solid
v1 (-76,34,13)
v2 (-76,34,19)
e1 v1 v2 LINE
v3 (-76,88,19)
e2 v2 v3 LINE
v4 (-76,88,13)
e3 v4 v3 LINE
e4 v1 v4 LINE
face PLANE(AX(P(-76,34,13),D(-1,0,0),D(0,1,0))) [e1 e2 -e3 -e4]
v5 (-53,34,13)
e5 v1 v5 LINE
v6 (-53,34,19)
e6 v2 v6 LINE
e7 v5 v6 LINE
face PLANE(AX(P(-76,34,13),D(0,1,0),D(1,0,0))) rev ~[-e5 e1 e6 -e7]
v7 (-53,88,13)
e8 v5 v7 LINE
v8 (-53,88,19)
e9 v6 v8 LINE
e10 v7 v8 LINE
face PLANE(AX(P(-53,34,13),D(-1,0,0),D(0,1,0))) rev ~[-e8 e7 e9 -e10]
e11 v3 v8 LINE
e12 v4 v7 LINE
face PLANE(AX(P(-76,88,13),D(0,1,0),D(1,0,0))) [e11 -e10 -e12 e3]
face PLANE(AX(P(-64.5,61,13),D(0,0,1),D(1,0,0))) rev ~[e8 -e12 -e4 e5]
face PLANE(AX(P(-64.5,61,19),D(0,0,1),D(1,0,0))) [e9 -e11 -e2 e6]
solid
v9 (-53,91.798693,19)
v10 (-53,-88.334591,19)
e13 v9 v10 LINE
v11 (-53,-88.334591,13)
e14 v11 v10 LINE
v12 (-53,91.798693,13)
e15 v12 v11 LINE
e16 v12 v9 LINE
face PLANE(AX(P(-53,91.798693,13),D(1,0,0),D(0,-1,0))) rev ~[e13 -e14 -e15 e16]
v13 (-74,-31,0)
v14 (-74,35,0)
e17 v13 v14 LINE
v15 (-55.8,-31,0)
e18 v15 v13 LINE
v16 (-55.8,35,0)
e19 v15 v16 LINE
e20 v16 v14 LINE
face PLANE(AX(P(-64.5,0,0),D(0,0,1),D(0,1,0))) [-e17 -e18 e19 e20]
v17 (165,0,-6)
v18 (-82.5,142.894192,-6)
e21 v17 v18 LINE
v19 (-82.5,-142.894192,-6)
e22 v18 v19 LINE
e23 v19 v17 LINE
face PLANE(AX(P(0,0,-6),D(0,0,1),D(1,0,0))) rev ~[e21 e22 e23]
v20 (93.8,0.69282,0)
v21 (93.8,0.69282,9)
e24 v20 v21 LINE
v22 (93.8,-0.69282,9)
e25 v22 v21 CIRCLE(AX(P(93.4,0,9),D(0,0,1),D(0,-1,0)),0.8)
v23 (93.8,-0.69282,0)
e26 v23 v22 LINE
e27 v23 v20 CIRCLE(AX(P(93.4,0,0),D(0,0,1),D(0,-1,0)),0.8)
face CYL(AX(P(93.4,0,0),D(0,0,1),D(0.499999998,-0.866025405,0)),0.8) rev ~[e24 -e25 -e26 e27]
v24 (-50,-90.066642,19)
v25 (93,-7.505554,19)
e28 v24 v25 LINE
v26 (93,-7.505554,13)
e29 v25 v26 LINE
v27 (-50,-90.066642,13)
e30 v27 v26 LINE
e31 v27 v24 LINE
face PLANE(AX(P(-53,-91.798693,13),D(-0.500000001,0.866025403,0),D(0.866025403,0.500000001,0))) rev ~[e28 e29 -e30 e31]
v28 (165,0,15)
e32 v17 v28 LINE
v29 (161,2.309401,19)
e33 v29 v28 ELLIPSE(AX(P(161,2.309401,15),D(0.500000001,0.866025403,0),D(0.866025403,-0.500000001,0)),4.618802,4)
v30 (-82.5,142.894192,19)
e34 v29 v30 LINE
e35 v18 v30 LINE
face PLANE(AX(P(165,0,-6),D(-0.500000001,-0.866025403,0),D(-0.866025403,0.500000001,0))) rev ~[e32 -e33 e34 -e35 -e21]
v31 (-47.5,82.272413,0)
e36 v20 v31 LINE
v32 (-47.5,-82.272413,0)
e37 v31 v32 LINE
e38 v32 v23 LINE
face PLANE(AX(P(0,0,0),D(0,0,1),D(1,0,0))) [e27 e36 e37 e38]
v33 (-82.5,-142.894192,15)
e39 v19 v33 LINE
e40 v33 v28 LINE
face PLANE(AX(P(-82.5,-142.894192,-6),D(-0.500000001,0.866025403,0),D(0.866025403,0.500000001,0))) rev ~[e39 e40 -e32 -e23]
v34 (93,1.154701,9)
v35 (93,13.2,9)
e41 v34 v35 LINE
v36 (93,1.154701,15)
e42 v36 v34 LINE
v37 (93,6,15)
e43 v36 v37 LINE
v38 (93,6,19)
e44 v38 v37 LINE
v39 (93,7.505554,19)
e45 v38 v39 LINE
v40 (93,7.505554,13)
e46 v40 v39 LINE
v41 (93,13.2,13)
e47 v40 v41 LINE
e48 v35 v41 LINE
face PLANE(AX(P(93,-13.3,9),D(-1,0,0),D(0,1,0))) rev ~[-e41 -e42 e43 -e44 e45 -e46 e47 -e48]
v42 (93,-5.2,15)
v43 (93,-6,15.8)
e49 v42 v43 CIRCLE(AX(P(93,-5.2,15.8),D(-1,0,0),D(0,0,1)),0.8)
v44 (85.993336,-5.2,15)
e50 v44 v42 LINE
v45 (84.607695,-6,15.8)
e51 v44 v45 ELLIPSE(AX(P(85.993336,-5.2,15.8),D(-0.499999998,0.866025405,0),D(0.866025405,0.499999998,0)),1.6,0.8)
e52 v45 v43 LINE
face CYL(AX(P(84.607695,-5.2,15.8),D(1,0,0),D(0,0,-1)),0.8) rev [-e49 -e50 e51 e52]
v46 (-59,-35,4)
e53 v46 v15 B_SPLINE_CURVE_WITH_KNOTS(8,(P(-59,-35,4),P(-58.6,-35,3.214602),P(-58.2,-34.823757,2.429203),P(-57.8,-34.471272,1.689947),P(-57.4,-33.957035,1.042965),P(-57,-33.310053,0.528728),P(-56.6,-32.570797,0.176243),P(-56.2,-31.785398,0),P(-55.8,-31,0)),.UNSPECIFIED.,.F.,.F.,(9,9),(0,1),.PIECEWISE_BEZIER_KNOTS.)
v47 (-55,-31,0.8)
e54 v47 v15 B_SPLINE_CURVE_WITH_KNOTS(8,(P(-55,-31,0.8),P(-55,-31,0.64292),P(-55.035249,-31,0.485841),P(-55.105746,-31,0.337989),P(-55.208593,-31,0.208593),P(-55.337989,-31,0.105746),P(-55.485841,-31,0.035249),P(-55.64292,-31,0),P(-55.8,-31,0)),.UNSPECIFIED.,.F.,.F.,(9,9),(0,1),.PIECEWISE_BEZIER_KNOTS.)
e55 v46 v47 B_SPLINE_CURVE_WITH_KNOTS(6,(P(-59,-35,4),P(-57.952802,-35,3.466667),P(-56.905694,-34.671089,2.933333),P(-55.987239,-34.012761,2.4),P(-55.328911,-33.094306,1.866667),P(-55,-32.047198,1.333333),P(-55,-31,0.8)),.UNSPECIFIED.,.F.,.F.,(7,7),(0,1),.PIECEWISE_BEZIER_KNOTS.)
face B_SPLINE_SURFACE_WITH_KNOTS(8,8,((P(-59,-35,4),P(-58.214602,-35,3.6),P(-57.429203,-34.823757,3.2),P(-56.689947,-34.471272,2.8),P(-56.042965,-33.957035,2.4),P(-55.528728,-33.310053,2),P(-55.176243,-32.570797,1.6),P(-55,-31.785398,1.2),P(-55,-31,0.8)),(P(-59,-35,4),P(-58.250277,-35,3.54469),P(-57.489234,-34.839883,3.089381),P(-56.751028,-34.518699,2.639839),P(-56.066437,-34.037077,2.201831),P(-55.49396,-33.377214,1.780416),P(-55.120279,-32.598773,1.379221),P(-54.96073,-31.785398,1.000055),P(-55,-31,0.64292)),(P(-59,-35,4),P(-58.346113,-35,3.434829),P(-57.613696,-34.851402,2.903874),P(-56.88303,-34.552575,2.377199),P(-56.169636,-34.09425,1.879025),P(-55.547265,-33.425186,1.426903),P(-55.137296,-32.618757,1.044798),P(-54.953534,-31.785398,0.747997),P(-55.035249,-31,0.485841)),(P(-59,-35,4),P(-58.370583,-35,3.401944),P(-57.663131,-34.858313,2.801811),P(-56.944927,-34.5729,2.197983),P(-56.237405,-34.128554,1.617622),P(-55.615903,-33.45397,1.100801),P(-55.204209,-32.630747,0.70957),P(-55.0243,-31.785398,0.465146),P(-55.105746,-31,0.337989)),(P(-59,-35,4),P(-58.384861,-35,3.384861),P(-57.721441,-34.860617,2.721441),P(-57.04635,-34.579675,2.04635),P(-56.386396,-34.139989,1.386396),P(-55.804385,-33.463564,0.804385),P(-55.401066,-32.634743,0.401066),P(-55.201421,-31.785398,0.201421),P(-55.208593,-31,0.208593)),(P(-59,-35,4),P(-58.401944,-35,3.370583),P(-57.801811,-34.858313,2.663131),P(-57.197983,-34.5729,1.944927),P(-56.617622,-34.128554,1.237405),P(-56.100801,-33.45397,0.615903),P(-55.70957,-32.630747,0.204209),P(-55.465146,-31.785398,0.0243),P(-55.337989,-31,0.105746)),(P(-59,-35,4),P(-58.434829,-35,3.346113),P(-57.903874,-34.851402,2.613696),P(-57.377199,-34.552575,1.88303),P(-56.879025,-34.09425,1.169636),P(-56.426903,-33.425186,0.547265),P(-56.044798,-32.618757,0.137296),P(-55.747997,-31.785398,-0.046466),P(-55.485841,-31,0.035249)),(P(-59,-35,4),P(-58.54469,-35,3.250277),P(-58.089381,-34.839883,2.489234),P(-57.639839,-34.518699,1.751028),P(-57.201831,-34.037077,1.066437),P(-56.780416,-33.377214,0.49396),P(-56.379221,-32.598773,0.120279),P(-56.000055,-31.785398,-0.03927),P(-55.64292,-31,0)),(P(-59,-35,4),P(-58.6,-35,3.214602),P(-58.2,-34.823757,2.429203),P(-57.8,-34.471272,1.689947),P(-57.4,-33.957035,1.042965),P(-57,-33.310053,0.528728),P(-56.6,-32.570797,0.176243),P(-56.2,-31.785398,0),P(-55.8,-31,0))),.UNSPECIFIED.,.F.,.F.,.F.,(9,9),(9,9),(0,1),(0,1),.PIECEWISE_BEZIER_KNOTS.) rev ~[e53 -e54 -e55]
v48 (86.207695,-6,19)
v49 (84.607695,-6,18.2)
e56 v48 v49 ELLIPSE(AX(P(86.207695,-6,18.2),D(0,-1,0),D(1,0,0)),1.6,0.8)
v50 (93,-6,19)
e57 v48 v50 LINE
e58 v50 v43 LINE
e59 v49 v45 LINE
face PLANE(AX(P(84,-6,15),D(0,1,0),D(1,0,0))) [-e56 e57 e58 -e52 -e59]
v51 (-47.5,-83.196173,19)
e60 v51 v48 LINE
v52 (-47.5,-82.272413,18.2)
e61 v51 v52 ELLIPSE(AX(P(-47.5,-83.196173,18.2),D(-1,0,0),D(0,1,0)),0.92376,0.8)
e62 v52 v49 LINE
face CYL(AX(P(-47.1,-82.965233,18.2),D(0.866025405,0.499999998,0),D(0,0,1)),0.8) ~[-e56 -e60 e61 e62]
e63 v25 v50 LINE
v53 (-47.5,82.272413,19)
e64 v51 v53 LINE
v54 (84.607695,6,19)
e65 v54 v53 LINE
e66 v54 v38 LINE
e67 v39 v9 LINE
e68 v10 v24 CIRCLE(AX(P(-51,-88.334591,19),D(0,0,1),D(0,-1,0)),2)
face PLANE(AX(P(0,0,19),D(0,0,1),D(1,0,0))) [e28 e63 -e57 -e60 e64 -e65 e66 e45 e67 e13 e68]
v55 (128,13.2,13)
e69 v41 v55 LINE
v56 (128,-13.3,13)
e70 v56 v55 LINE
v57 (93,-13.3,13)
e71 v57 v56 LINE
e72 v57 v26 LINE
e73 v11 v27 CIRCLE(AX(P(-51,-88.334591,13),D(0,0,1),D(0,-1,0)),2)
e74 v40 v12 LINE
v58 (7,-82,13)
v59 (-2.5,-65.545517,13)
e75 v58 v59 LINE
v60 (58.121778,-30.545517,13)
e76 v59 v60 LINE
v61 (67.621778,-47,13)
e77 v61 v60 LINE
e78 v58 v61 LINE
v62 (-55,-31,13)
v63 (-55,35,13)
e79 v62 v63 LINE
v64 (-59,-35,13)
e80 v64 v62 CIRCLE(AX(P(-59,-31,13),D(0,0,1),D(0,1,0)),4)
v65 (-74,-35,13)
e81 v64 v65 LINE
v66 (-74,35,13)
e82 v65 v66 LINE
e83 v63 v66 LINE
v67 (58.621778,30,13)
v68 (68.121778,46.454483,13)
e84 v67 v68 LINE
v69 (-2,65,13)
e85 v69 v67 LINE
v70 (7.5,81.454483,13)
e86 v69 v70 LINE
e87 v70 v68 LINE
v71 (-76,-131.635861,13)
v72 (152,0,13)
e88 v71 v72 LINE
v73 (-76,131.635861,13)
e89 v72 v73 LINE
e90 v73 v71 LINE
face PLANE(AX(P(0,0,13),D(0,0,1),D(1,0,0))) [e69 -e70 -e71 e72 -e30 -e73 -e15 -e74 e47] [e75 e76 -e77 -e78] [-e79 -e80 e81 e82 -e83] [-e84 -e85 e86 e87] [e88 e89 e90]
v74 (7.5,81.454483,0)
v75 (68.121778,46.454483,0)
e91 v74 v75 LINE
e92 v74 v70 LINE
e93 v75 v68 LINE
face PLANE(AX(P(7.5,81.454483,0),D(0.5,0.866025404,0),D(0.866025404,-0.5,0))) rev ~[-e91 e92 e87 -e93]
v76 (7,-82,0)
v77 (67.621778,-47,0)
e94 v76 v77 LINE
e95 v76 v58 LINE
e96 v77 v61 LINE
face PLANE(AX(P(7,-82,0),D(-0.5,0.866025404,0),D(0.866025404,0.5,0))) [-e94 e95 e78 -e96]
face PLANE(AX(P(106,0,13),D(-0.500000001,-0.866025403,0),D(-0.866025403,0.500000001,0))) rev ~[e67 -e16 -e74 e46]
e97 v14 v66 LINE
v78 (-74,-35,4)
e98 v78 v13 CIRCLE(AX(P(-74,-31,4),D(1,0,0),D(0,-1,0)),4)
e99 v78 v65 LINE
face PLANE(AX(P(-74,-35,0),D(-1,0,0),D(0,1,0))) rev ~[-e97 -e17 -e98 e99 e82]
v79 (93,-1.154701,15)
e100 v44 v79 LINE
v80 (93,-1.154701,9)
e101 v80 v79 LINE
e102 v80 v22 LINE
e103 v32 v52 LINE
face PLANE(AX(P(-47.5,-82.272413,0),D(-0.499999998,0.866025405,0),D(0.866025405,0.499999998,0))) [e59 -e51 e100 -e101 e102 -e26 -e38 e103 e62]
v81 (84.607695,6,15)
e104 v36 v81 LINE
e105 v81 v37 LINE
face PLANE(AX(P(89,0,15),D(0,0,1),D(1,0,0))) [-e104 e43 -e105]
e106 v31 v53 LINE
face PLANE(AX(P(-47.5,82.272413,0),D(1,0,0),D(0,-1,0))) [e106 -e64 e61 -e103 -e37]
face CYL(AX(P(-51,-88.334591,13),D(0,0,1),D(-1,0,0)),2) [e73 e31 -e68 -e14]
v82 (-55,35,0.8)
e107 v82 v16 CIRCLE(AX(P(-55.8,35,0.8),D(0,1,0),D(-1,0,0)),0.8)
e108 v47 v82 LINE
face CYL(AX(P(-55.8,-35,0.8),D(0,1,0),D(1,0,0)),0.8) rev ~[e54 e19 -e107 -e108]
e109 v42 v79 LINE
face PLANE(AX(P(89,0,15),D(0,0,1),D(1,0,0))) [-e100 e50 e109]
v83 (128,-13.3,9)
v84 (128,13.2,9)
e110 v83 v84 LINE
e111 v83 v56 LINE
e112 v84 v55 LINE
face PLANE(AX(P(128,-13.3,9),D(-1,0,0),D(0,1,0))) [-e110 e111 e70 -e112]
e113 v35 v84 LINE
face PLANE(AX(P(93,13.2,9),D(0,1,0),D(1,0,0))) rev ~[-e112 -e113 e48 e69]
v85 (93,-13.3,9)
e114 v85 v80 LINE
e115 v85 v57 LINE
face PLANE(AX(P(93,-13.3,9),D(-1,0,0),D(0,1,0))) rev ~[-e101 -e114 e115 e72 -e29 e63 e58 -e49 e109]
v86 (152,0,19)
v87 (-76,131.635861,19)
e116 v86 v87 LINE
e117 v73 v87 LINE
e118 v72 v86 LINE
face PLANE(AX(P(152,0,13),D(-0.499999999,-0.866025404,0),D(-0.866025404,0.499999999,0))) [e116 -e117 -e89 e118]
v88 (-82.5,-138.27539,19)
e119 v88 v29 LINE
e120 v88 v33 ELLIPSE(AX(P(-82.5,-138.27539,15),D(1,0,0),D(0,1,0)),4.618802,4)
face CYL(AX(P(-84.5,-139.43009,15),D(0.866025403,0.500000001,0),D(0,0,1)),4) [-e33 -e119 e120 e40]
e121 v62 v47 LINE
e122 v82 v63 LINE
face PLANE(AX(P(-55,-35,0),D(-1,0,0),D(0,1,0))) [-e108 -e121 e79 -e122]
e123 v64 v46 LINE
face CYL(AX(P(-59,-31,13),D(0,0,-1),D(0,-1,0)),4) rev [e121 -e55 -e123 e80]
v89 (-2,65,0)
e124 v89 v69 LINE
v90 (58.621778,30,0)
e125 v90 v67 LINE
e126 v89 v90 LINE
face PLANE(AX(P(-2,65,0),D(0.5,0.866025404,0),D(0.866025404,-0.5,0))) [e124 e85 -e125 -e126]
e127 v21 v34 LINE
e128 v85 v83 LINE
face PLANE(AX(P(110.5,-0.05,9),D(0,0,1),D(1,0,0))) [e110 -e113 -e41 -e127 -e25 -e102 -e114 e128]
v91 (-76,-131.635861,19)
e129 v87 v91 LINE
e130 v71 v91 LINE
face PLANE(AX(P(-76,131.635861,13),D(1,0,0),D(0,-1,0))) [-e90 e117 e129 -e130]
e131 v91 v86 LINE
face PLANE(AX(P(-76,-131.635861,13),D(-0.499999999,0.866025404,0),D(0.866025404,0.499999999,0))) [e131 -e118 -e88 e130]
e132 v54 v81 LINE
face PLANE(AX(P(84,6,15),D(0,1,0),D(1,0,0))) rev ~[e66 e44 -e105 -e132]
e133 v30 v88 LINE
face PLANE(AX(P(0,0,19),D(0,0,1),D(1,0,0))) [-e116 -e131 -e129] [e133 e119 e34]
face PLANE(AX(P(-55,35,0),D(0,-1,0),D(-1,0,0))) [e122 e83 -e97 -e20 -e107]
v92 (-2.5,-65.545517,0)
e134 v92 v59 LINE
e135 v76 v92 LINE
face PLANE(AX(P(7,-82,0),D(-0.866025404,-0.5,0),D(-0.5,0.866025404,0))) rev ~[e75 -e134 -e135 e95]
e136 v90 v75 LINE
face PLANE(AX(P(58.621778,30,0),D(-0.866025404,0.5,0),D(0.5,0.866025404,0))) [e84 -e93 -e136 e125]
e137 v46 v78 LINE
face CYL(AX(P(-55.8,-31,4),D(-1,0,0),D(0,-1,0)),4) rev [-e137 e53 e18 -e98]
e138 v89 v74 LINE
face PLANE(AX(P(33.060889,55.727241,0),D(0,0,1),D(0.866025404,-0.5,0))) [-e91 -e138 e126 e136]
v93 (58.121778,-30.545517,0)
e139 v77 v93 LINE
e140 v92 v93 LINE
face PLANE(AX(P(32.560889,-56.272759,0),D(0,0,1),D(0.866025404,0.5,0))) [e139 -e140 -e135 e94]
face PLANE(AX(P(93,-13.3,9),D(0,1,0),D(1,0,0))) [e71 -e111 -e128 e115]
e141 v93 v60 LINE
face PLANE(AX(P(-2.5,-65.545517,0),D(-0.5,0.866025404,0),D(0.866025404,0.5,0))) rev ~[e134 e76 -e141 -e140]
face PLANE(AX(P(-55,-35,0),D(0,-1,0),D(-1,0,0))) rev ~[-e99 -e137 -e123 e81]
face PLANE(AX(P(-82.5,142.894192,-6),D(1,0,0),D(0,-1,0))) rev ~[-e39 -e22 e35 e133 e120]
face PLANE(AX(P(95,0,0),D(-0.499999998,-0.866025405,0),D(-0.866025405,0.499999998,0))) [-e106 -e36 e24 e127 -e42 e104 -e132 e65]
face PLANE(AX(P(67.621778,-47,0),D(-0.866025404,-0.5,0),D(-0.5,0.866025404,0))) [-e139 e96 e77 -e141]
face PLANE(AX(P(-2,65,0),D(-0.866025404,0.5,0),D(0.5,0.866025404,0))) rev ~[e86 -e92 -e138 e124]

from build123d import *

# Parameters (mm, degrees)
BOX005_W               = 23
BOX005_H               = 54
BOX005_DEPTH           = 6
PRISM003_DEPTH         = 6
PRISM002_DEPTH         = 6
BOX004_W               = 10
BOX004_H               = 12
BOX004_DEPTH           = 4
BOX003_W               = 35
BOX003_H               = 26.5
BOX003_DEPTH           = 10
BOX002_W               = 70
BOX002_H               = 19
BOX002_DEPTH           = 19
BOX002_PLACEMENT_ANGLE = 30
BOX001_W               = 70
BOX001_H               = 19
BOX001_DEPTH           = 19
BOX001_PLACEMENT_ANGLE = 90
BOX_W                  = 70
BOX_H                  = 19
BOX_DEPTH              = 19
BOX_PLACEMENT_ANGLE    = 30
PRISM001_DEPTH         = 19
PRISM_DEPTH            = 25
FILLET_R               = 0.8
FILLET001_R            = 4
FILLET002_R            = 2


with BuildPart() as box005:
    # Box005 → Box005 (new body)
    with BuildSketch(Plane(origin=(-76, 34, 13), x_dir=(1, 0, 0), z_dir=(0, 0, 1))):
        with Locations((11.5, 27)):
            Rectangle(BOX005_W, BOX005_H)
    extrude(amount=BOX005_DEPTH)


with BuildPart() as prism003:
    # Prism003 → Prism003 (new body)
    with BuildSketch(Plane.XY.offset(13)):
        Polygon((106, 0), (-53, 91.798693), (-53, -91.798693), align=None)
    extrude(amount=PRISM003_DEPTH)


with BuildPart() as cut006:
    # Prism002 → Prism002 (new body)
    with BuildSketch(Plane.XY.offset(13)):
        Polygon((152, 0), (-76, 131.635861), (-76, -131.635861), align=None)
    extrude(amount=PRISM002_DEPTH)

    # Cut006: cut Prism003
    add(prism003.part, mode=Mode.SUBTRACT)


with BuildPart() as box004:
    # Box004 → Box004 (new body)
    with BuildSketch(Plane(origin=(84, -6, 15), x_dir=(1, 0, 0), z_dir=(0, 0, 1))):
        with Locations((5, 6)):
            Rectangle(BOX004_W, BOX004_H)
    extrude(amount=BOX004_DEPTH)


with BuildPart() as box003:
    # Box003 → Box003 (new body)
    with BuildSketch(Plane(origin=(93, -13.3, 9), x_dir=(1, 0, 0), z_dir=(0, 0, 1))):
        with Locations((17.5, 13.25)):
            Rectangle(BOX003_W, BOX003_H)
    extrude(amount=BOX003_DEPTH)


with BuildPart() as box002:
    # Box002 → Box002 (new body)
    with BuildSketch(Plane.XY):
        with Locations((35, 9.5)):
            Rectangle(BOX002_W, BOX002_H)
    extrude(amount=BOX002_DEPTH)


with BuildPart() as box002_1:
    # Box002 placement: moved
    add(box002.part.moved(Location((7, -82, 0))).rotate(Axis((7, -82, 0), (0, 0, 1)), BOX002_PLACEMENT_ANGLE))


with BuildPart() as box001:
    # Box001 → Box001 (new body)
    with BuildSketch(Plane.XY):
        with Locations((35, 9.5)):
            Rectangle(BOX001_W, BOX001_H)
    extrude(amount=BOX001_DEPTH)


with BuildPart() as box001_1:
    # Box001 placement: moved
    add(box001.part.moved(Location((-55, -35, 0))).rotate(Axis((-55, -35, 0), (0, 0, 1)), BOX001_PLACEMENT_ANGLE))


with BuildPart() as box:
    # Box → Box (new body)
    with BuildSketch(Plane.XY):
        with Locations((35, 9.5)):
            Rectangle(BOX_W, BOX_H)
    extrude(amount=BOX_DEPTH)


with BuildPart() as box_1:
    # Box placement: moved
    add(box.part.moved(Location((-2, 65, 0))).rotate(Axis((-2, 65, 0), (0, 0, -1)), BOX_PLACEMENT_ANGLE))


with BuildPart() as prism001:
    # Prism001 → Prism001 (new body)
    with BuildSketch(Plane.XY):
        Polygon((95, 0), (-47.5, 82.272413), (-47.5, -82.272413), align=None)
    extrude(amount=PRISM001_DEPTH)


with BuildPart() as fillet002:
    # Prism → Prism (new body)
    with BuildSketch(Plane.XY.offset(-6)):
        Polygon((165, 0), (-82.5, 142.894192), (-82.5, -142.894192), align=None)
    extrude(amount=PRISM_DEPTH)

    # Cut: cut Prism001
    add(prism001.part, mode=Mode.SUBTRACT)

    # Cut001: cut Box
    add(box_1.part, mode=Mode.SUBTRACT)

    # Cut002: cut Box001
    add(box001_1.part, mode=Mode.SUBTRACT)

    # Cut003: cut Box002
    add(box002_1.part, mode=Mode.SUBTRACT)

    # Cut004: cut Box003
    add(box003.part, mode=Mode.SUBTRACT)

    # Cut005: cut Box004
    add(box004.part, mode=Mode.SUBTRACT)

    # Cut007: cut Cut006
    add(cut006.part, mode=Mode.SUBTRACT)

    # Fillet
    fillet_edges = [fillet002.edges().sort_by_distance(p)[0] for p in [
        (-55, 0, 0),
        (18.553848, -44.136207, 19),
        (95, 0, 4.5),
        (88.803848, -6, 15),
    ]]
    fillet(fillet_edges, radius=FILLET_R)

    # Fillet001
    fillet001_edges = [fillet002.edges().sort_by_distance(p)[0] for p in [
        (-64.9, -35, 0),
        (41.25, -71.447096, 19),
    ]]
    fillet(fillet001_edges, radius=FILLET001_R)

    # Fillet002
    fillet002_edges = [fillet002.edges().sort_by_distance(p)[0] for p in [
        (-66.5, -35, 4),
        (-53, -91.798693, 16),
    ]]
    fillet(fillet002_edges, radius=FILLET002_R)


solid = Compound([box005.part, fillet002.part])
